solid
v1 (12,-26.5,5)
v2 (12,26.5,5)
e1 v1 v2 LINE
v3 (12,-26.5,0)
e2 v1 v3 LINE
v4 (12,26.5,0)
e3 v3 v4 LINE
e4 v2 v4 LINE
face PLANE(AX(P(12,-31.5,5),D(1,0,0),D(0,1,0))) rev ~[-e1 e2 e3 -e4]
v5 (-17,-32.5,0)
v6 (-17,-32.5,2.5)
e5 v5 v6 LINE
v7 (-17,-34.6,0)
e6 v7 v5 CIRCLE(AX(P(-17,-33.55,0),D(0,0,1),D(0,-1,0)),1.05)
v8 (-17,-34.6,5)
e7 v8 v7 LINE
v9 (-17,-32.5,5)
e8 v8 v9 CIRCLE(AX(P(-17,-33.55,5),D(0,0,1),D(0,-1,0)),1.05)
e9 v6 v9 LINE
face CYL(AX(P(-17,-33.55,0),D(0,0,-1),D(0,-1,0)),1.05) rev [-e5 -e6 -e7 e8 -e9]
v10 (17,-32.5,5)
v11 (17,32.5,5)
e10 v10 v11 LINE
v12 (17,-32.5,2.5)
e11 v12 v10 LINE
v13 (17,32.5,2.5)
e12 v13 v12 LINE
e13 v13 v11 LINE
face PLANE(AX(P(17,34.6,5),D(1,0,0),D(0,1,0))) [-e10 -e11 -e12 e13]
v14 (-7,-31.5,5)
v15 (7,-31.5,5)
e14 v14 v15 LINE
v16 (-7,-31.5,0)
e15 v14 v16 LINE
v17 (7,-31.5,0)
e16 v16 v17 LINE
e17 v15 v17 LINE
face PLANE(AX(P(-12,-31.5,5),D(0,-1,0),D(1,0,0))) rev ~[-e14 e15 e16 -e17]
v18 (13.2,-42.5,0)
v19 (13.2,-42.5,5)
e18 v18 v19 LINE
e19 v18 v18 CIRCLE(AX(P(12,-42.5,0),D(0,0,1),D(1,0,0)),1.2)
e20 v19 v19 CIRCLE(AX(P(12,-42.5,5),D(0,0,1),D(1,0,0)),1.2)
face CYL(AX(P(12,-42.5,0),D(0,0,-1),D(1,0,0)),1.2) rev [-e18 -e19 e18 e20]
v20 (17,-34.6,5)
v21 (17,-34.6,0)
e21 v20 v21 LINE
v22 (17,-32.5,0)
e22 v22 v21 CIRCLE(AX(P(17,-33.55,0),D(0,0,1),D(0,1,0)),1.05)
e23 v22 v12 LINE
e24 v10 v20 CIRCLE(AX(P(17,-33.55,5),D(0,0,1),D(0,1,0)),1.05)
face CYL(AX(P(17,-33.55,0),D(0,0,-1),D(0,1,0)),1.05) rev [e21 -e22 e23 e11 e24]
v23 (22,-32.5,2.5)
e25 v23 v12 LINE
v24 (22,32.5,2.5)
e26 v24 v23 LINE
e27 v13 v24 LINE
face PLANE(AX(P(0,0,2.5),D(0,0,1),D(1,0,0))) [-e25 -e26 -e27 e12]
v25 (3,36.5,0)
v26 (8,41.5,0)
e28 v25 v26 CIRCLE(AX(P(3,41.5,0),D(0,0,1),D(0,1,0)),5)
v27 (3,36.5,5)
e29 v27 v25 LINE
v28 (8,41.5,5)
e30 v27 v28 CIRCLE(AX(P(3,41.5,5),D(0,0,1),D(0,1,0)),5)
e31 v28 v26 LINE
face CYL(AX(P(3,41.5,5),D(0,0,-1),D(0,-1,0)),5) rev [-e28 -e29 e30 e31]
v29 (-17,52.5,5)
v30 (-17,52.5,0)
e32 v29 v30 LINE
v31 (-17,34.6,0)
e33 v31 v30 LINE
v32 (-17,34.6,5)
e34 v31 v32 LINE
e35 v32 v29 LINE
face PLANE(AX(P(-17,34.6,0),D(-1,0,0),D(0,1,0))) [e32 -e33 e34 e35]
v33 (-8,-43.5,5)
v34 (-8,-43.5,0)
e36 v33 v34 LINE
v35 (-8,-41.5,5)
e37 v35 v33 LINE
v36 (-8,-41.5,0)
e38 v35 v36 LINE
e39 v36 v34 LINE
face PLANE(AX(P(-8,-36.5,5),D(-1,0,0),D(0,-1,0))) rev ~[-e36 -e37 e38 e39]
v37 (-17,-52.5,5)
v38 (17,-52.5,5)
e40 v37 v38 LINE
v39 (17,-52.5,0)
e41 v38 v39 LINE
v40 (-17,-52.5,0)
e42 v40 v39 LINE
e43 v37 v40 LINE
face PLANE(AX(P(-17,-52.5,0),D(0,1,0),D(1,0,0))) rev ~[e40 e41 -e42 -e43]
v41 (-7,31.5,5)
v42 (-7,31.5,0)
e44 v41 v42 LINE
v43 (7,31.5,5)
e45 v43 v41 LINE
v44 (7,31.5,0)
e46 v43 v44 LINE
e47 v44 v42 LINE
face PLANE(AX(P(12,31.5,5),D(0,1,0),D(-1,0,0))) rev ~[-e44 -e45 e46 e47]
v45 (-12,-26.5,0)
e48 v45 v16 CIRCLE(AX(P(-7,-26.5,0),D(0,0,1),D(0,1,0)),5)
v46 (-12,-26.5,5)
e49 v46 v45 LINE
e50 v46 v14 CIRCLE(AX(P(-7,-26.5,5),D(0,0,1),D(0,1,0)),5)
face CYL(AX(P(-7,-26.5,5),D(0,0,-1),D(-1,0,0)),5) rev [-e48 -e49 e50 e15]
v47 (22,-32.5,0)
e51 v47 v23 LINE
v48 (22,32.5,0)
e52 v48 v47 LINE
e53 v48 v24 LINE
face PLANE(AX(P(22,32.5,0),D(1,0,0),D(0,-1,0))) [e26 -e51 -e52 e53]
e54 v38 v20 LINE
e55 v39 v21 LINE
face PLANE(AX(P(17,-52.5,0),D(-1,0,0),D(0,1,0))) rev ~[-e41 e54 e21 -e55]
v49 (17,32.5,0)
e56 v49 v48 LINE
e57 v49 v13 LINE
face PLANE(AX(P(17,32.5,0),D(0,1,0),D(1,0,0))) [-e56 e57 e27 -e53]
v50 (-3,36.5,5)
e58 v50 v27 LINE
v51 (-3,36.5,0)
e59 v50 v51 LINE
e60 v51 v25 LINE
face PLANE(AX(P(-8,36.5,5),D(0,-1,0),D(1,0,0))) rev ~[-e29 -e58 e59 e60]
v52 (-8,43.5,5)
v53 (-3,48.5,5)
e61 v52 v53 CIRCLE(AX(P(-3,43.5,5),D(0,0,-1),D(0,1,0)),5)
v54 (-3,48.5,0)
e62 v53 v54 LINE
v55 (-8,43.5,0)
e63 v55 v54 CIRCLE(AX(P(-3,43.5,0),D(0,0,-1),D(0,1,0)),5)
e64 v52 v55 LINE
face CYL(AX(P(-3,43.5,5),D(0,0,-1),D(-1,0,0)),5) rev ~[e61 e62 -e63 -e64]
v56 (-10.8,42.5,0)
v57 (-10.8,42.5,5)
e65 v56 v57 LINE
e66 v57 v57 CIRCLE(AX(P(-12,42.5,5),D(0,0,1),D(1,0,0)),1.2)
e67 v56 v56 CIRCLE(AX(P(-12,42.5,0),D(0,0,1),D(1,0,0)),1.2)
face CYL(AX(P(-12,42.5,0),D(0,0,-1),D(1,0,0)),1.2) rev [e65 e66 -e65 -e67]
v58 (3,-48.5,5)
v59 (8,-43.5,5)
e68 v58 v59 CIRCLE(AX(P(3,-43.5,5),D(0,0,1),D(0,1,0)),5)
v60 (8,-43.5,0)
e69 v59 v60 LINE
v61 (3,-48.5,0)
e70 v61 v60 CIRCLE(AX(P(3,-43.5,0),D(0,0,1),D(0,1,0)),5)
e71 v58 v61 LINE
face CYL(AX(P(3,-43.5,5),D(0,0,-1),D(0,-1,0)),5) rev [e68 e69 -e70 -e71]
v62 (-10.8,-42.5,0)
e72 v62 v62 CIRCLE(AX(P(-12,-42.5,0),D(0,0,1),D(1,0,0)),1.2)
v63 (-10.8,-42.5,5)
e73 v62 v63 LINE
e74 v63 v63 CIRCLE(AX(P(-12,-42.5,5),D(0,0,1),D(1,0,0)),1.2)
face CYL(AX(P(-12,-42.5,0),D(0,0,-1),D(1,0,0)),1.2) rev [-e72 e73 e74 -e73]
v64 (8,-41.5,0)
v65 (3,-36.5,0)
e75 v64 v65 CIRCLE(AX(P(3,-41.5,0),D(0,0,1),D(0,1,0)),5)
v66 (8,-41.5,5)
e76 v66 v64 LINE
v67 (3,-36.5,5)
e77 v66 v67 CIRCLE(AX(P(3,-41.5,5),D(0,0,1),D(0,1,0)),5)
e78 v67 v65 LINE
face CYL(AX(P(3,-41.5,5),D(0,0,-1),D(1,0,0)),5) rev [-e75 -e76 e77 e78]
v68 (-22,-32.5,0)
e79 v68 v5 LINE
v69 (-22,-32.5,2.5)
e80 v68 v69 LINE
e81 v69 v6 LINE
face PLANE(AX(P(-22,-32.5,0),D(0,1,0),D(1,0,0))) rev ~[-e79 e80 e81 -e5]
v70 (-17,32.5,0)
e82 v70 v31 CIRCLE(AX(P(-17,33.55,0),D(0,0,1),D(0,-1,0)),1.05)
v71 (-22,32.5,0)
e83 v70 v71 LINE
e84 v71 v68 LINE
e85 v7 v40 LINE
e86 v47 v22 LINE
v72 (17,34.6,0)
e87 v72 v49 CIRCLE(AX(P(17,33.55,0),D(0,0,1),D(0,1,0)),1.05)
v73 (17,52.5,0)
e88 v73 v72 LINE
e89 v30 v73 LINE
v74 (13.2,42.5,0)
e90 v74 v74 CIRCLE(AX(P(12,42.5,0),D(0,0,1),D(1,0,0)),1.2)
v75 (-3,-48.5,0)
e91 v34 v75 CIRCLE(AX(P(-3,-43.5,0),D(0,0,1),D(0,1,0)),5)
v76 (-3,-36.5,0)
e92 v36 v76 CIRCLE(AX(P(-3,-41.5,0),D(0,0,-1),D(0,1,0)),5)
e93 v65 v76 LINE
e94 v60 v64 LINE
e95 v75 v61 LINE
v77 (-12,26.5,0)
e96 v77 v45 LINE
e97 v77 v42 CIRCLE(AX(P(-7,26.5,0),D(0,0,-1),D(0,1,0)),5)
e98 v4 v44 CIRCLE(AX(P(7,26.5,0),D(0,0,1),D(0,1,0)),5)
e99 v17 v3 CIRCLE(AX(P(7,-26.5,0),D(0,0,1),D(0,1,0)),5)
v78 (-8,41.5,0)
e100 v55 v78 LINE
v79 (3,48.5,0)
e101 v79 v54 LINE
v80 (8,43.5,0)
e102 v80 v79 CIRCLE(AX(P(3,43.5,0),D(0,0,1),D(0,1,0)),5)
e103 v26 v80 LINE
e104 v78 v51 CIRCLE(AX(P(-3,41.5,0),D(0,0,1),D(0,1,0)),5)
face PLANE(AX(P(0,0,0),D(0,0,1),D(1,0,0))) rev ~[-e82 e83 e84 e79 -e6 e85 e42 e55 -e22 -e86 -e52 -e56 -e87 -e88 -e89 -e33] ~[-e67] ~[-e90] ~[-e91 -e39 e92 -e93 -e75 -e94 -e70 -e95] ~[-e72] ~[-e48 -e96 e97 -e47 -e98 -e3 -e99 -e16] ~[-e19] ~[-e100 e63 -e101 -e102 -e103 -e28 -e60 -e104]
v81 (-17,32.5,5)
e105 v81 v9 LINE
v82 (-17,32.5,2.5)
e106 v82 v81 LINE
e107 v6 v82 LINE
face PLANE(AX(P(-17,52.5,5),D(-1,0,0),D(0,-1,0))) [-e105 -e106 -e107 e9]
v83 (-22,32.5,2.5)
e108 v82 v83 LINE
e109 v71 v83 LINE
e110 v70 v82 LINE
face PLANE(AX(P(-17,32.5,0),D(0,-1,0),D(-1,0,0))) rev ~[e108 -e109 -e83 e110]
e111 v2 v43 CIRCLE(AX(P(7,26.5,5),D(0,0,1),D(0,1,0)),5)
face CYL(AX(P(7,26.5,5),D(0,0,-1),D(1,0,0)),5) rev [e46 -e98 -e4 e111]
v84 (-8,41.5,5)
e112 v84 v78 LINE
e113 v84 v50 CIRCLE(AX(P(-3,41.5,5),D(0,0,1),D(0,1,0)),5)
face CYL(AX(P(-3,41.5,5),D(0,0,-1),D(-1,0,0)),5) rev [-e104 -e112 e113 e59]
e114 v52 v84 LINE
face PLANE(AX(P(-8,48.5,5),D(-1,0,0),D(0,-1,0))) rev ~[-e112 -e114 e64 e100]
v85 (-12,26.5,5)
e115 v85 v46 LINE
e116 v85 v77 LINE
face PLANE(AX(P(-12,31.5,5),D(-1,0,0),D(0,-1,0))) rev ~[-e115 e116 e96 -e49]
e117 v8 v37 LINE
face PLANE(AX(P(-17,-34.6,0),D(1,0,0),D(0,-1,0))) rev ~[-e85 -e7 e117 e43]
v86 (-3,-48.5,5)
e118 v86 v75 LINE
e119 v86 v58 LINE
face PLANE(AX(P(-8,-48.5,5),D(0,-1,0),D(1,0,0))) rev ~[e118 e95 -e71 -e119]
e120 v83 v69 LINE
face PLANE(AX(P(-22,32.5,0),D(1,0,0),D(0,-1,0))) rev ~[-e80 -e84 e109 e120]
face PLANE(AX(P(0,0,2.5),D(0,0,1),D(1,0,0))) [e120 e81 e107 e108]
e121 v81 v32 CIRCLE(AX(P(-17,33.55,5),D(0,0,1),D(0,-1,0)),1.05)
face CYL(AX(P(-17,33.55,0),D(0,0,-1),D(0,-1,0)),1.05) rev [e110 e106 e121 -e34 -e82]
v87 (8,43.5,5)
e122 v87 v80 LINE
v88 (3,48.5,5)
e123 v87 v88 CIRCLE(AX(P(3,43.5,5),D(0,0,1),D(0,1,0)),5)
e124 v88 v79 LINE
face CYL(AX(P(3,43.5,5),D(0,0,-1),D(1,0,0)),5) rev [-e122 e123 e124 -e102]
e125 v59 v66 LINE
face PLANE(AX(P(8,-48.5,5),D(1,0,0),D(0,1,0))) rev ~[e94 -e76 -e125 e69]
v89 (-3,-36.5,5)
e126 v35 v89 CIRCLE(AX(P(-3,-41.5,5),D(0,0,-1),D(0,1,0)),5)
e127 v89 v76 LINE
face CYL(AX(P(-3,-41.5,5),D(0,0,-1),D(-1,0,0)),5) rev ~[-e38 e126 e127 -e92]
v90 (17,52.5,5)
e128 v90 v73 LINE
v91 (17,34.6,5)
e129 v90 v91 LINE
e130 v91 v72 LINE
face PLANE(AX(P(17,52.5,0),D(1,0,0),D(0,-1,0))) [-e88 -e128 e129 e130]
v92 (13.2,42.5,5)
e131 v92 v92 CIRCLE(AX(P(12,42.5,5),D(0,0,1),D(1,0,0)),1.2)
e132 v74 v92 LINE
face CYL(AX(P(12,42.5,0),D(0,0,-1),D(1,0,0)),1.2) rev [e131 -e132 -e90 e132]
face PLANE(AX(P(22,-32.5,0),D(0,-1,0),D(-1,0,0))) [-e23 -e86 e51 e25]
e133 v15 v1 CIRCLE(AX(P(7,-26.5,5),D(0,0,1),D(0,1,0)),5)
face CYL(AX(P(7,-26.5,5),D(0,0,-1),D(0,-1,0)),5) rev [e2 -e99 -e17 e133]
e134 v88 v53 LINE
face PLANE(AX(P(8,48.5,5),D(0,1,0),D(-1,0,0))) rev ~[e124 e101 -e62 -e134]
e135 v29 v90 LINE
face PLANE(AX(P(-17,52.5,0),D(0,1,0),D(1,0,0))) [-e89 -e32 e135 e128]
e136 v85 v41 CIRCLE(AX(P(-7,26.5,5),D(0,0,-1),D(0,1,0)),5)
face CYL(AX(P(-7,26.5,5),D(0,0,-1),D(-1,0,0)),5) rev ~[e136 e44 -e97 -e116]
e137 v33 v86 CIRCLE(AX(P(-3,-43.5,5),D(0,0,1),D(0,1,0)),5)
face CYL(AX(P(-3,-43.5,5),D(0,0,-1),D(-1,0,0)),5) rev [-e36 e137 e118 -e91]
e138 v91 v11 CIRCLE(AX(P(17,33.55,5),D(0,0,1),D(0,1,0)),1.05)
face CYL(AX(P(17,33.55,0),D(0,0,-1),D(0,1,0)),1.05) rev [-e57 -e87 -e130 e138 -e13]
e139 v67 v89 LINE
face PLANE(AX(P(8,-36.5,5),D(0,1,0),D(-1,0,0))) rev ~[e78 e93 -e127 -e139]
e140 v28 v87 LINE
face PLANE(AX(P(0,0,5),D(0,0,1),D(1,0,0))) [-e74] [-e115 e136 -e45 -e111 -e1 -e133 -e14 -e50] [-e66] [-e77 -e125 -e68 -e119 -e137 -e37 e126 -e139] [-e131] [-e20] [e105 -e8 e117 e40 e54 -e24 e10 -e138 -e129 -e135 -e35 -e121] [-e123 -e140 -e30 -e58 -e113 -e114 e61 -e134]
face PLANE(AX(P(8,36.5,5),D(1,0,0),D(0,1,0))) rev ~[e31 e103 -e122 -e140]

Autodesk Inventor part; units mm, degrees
ref_plane "YZ Plane" through (0, 0, 0) normal (1, 0, 0) x (0, 1, 0)
ref_plane "XZ Plane" through (0, 0, 0) normal (0, 1, 0) x (-1, 0, 0)
ref_plane "XY Plane" through (0, 0, 0) normal (0, 0, 1) x (1, 0, 0)
sketch "スケッチ1" plane through (0, 0, 0) normal (0, 0, 1) x (1, 0, 0)
  line L0 (-17, -52.5) -> (17, -52.5) construction
  line L1 (17, -52.5) -> (17, 52.5) construction
  line L2 (17, 52.5) -> (-17, 52.5) construction
  line L3 (-17, 52.5) -> (-17, -52.5) construction
  line L4 (-17, -52.5) -> (17, 52.5) construction
  line L5 (17, -52.5) -> (-17, 52.5) construction
  line L6 (-17, 34.6) -> (-17, 52.5)
  line L7 (-17, 52.5) -> (17, 52.5)
  line L8 (17, 52.5) -> (17, 34.6)
  line L9 (-17, -34.6) -> (-17, -52.5)
  line L10 (-17, -52.5) -> (17, -52.5)
  line L11 (17, -52.5) -> (17, -34.6)
  line L12 (-17, 32.5) -> (-22, 32.5)
  line L13 (-22, 32.5) -> (-22, -32.5)
  line L14 (-22, -32.5) -> (-17, -32.5)
  line L15 (17, 32.5) -> (22, 32.5)
  line L16 (22, 32.5) -> (22, -32.5)
  line L17 (22, -32.5) -> (17, -32.5)
  arc A0 (-17, 32.5) -> (-17, 34.6) centre (-17, 33.55) ccw
  arc A1 (-17, -34.6) -> (-17, -32.5) centre (-17, -33.55) ccw
  arc A2 (17, 34.6) -> (17, 32.5) centre (17, 33.55) ccw
  arc A3 (17, -32.5) -> (17, -34.6) centre (17, -33.55) ccw
  line L18 (0, 0) -> (17, 0) construction
  line L19 (0, 0) -> (0, 52.5) construction
  line L20 (-12, 42.5) -> (12, 42.5) construction
  line L21 (12, 42.5) -> (12, -42.5) construction
  line L22 (12, -42.5) -> (-12, -42.5) construction
  line L23 (-12, -42.5) -> (-12, 42.5) construction
  circle A4 centre (-12, 42.5) radius 1.2
  circle A5 centre (12, 42.5) radius 1.2
  circle A6 centre (12, -42.5) radius 1.2
  circle A7 centre (-12, -42.5) radius 1.2
  point P0 (0, 42.5)
  point P1 (0, 0)
  dimension "d87" = 1.05
  dimension "d88" = 105
  dimension "d89" = 5
  dimension "d90" = 20
  dimension "d91" = 34
  dimension "d92" = 2.4
  dimension "d93" = 5
  dimension "d94" = 10
  dimension "d95" = 10
extrude "押し出し1" add sketch "スケッチ1" along normal blind 5
sketch "スケッチ2" plane through (0, 0, 5) normal (0, 0, 1) x (1, 0, 0)
  line L0 (-17, 52.5) -> (-17, 34.6) projected
  line L1 (17, 34.6) -> (17, 52.5) projected
  line L2 (-40.5884, 60.19) -> (-17, 60.19)
  line L3 (-17, 60.19) -> (-17, -101.7483)
  line L4 (-17, -101.7483) -> (-40.5884, -101.7483)
  line L5 (-40.5884, -101.7483) -> (-40.5884, 60.19)
  line L6 (53.5752, 90.4043) -> (17, 90.4043)
  line L7 (17, 90.4043) -> (17, -93.5321)
  line L8 (17, -93.5321) -> (53.5752, -93.5321)
  line L9 (53.5752, -93.5321) -> (53.5752, 90.4043)
  point P0 (0, 0)
extrude "押し出し2" cut sketch "スケッチ2" against normal blind 2.5
sketch "スケッチ3" plane through (0, 0, 5) normal (0, 0, 1) x (1, 0, 0)
  line L0 (17, -32.5) -> (17, 32.5) projected
  line L1 (17, 52.5) -> (-17, 52.5) projected
  line L2 (-17, 32.5) -> (-17, -32.5) projected
  line L3 (-17, -52.5) -> (17, -52.5) projected
  circle A0 centre (-12, -42.5) radius 1.2 projected
  circle A1 centre (-12, 42.5) radius 1.2 projected
  line L4 (-8, -48.5) -> (8, -48.5)
  line L5 (8, -48.5) -> (8, -36.5)
  line L6 (8, -36.5) -> (-8, -36.5)
  line L7 (-8, -36.5) -> (-8, -48.5)
  line L8 (-12, -31.5) -> (12, -31.5)
  line L9 (12, -31.5) -> (12, 31.5)
  line L10 (12, 31.5) -> (-12, 31.5)
  line L11 (-12, 31.5) -> (-12, -31.5)
  line L12 (-8, 36.5) -> (8, 36.5)
  line L13 (8, 36.5) -> (8, 48.5)
  line L14 (8, 48.5) -> (-8, 48.5)
  line L15 (-8, 48.5) -> (-8, 36.5)
  line L16 (0, 52.5) -> (0, -52.5) construction
  line L17 (-17, 0) -> (17, 0) construction
  point P0 (0, 0)
  point P1 (0, -31.5)
  dimension "d100" = 4
  dimension "d101" = 4
  dimension "d102" = 4
  dimension "d103" = 4
  dimension "d104" = 6
  dimension "d105" = 5
  dimension "d106" = 6
  dimension "d107" = 5
  dimension "d108" = 5
extrude "押し出し3" cut sketch "スケッチ3" against normal blind 10 contours L7 L6 L5 L4 | L11 L10 L9 L8 | L15 L14 L13 L12
fillet "フィレット1" radius 5 12 edges at (-8, 48.5, 2.5) (8, 48.5, 2.5) (-8, 36.5, 2.5) (8, 36.5, 2.5) (-12, 31.5, 2.5) (12, 31.5, 2.5) (12, -31.5, 2.5) (-12, -31.5, 2.5) (-8, -36.5, 2.5) (-8, -48.5, 2.5) (8, -48.5, 2.5) (8, -36.5, 2.5)
equation "\"d88\" = d83"
equation "\"d90\" = d84"
equation "\"d102\" = d101"
equation "\"d103\" = d100"
equation "\"d106\" = d104"
equation "\"d107\" = d105"
equation "\"d83\" = 105"
equation "\"d84\" = 20"
properties part number "コックピット_2_サブフレーム_5" material "アセタール樹脂、黒"
